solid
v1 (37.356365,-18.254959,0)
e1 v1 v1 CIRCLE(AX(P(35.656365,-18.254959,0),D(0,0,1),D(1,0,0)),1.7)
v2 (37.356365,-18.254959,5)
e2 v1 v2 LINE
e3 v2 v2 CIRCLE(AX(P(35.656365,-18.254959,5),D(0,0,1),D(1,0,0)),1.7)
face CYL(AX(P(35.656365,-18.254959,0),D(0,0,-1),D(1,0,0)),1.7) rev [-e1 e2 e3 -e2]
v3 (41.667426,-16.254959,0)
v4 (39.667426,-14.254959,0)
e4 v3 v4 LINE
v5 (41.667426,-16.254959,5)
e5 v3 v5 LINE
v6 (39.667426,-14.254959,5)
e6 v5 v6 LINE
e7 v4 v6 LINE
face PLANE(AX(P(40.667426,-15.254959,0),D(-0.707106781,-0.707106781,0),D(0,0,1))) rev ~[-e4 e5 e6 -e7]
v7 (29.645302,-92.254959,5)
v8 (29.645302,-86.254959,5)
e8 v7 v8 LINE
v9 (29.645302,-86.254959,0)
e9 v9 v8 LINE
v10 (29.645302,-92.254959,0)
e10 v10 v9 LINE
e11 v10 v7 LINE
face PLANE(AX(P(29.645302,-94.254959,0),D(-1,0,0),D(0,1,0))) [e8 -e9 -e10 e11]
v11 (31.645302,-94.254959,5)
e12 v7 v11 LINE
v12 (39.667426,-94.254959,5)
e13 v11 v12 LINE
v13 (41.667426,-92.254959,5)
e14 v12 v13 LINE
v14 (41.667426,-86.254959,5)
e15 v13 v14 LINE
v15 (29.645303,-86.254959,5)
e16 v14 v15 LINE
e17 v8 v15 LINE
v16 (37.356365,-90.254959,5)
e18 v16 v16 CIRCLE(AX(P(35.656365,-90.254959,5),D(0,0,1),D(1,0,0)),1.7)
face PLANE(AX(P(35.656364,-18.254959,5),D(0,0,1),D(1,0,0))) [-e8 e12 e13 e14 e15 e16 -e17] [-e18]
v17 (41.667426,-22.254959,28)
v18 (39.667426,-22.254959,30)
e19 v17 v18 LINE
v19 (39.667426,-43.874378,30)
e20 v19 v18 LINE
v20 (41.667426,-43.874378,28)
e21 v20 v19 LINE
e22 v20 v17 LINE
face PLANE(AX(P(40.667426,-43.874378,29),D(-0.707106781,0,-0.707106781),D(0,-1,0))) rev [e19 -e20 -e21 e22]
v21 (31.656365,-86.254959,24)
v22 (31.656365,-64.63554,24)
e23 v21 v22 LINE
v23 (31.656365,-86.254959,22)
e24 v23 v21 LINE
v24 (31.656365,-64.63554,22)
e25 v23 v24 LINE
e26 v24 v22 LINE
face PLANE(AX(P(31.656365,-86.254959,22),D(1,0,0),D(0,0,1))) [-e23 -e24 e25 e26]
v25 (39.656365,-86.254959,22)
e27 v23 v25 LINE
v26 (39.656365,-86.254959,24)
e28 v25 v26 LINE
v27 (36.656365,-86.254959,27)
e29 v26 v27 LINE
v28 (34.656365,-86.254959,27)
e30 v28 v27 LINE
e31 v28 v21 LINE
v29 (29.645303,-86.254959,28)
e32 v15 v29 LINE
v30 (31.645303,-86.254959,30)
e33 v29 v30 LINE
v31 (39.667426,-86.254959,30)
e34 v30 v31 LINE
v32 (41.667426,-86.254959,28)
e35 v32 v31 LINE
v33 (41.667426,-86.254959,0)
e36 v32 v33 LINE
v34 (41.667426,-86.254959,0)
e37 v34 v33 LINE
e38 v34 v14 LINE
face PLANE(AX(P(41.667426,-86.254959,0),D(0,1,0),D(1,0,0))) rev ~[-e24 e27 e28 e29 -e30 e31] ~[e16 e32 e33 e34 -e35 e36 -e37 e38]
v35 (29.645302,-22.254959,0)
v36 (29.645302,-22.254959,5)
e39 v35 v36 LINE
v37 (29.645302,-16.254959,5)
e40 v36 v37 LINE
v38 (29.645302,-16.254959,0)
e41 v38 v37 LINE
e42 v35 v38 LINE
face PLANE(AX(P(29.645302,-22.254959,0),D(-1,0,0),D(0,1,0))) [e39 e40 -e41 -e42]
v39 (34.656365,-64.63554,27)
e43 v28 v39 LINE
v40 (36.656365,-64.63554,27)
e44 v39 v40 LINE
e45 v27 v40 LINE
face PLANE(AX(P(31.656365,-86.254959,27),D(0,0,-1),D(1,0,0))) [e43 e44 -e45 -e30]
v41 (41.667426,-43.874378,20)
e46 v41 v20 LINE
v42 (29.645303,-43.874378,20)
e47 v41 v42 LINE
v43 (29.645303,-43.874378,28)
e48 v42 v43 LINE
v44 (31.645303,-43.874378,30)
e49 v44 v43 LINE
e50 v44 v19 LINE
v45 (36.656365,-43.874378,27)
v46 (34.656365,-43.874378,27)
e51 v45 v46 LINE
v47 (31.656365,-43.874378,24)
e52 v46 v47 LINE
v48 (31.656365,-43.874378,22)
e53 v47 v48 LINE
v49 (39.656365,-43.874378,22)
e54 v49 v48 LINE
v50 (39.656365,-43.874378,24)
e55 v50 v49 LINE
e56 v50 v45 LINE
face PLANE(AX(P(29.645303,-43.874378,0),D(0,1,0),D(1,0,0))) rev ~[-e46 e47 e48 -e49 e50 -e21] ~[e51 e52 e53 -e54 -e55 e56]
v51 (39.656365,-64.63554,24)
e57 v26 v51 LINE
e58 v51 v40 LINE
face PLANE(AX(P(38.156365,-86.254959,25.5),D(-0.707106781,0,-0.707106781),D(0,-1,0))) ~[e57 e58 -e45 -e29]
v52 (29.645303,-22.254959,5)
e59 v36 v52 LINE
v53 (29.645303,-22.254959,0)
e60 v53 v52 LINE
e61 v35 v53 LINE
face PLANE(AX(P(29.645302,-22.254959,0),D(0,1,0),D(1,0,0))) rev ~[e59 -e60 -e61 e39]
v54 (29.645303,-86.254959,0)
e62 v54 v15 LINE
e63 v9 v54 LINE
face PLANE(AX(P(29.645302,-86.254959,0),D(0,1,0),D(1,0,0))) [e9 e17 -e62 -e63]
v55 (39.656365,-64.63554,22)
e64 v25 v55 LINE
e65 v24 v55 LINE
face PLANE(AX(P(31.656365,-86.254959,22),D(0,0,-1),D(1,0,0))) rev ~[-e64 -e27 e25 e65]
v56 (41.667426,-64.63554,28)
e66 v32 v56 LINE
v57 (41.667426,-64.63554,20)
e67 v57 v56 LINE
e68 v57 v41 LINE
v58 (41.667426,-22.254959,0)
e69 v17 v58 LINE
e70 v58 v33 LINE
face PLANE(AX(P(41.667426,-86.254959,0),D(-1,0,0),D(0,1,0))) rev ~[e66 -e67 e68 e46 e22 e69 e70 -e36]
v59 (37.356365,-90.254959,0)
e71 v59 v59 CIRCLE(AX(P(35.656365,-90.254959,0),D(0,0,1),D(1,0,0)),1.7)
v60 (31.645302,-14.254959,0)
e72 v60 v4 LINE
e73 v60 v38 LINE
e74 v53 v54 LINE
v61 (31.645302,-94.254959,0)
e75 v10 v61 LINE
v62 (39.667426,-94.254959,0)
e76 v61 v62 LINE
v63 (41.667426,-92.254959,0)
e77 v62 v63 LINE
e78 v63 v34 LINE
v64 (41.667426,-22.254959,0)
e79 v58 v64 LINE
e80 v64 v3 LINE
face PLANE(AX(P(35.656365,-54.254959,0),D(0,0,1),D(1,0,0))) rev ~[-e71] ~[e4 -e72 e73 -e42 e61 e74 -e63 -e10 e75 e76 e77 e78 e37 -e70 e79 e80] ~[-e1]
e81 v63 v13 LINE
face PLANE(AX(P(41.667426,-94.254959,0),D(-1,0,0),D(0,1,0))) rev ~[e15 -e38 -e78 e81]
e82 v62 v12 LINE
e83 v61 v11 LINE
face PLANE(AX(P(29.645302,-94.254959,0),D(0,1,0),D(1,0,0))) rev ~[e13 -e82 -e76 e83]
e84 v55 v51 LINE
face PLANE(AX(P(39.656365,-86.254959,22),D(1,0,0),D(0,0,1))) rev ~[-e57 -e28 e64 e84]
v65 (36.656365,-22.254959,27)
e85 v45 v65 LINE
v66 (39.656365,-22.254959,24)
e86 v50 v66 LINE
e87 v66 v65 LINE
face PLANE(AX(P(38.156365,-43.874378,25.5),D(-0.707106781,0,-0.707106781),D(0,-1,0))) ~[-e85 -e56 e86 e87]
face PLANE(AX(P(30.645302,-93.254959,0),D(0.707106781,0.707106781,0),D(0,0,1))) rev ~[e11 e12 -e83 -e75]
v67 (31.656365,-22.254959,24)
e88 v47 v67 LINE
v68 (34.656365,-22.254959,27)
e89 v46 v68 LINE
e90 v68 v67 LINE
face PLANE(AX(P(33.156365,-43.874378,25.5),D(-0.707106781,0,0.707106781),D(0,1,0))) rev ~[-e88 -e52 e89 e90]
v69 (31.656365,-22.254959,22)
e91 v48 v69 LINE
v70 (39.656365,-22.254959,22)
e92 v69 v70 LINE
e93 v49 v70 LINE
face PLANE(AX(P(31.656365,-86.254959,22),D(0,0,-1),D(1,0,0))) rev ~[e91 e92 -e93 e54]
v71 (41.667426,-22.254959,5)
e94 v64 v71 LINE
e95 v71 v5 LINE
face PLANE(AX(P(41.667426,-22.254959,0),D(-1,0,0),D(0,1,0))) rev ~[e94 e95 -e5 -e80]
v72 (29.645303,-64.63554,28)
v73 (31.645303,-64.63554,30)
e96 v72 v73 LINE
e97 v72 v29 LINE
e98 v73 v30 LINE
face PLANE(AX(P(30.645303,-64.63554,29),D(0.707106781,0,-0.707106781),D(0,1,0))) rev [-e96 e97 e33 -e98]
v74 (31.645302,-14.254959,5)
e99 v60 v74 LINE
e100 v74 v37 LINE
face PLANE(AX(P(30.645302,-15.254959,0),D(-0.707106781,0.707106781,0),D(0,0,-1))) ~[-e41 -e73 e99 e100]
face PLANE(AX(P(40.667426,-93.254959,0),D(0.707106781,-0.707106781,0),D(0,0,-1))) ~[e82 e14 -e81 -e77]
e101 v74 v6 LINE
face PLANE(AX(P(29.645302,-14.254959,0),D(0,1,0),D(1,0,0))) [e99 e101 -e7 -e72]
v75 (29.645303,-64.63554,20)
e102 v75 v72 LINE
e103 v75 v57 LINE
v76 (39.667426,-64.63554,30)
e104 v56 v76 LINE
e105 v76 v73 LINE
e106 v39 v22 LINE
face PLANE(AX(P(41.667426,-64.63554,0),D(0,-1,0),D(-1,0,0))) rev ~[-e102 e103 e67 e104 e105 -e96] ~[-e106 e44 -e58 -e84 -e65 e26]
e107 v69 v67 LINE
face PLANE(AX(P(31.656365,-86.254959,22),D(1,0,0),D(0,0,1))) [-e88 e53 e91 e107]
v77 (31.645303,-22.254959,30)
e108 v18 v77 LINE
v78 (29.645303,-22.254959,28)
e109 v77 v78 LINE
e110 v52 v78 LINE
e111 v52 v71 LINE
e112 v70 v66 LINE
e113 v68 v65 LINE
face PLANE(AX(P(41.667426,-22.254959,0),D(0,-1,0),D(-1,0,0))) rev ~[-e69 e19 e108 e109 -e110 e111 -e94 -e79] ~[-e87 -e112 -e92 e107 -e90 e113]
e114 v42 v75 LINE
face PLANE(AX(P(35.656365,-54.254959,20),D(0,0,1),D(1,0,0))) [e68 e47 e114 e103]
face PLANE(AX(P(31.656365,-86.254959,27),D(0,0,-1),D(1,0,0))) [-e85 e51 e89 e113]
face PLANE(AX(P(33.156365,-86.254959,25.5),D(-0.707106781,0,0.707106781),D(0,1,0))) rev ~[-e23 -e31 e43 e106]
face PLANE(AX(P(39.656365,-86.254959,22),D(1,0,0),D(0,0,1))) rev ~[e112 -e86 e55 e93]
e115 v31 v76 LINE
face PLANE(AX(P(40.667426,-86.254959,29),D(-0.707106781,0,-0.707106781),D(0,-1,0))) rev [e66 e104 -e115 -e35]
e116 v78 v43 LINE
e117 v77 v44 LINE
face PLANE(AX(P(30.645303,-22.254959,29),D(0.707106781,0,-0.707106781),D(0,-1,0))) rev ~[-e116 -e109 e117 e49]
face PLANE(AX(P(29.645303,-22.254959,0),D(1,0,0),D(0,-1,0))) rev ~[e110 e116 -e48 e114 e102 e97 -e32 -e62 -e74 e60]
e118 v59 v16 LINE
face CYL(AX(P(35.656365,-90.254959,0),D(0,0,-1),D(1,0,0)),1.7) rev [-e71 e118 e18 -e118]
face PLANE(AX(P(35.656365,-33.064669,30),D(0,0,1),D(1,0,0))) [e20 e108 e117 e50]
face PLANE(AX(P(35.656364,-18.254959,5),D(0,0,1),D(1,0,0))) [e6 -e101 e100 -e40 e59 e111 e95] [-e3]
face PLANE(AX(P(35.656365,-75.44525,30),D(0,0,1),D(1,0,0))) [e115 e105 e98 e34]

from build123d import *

# Parameters (mm, degrees)
F0_W     = 12.022123
F0_H     = 8
F0_R     = 1.7
F1_DEPTH = 5
F2_DEPTH = 30
F3_DEPTH = 20
F4_W     = 8
F4_H     = 5
F5_DEPTH = 72.001
F6_SIZE  = 3
F7_SIZE  = 2


with BuildPart() as f1:
    # F0 (on Top) → F1 (new body)
    with BuildSketch(Plane.XY):
        with Locations((35.656364, -18.254959)):
            Rectangle(F0_W, F0_H)
        with Locations((35.656365, -18.254959)):
            Circle(F0_R, mode=Mode.SUBTRACT)
        Polygon((41.667426, -22.254959), (29.645303, -22.254959), (29.645303, -43.874378), (35.656365, -43.874378), (41.667426, -43.874378), align=None)
        Polygon((35.656365, -43.874378), (29.645303, -43.874378), (29.645303, -54.254959), (29.645303, -64.63554), (35.656365, -64.63554), (41.667426, -64.63554), (41.667426, -54.254959), (41.667426, -43.874378), align=None)
        Polygon((35.656365, -64.63554), (29.645303, -64.63554), (29.645303, -86.254959), (41.667426, -86.254959), (41.667426, -64.63554), align=None)
        with Locations((35.656364, -90.254959)):
            Rectangle(F0_W, F0_H)
        with Locations((35.656365, -90.254959)):
            Circle(F0_R, mode=Mode.SUBTRACT)
    extrude(amount=F1_DEPTH)

    # F0 (on Top) → F2 (join)
    with BuildSketch(Plane.XY):
        Polygon((41.667426, -22.254959), (29.645303, -22.254959), (29.645303, -43.874378), (35.656365, -43.874378), (41.667426, -43.874378), align=None)
        Polygon((35.656365, -64.63554), (29.645303, -64.63554), (29.645303, -86.254959), (41.667426, -86.254959), (41.667426, -64.63554), align=None)
    extrude(amount=F2_DEPTH)

    # F0 (on Top) → F3 (join)
    with BuildSketch(Plane.XY):
        Polygon((35.656365, -43.874378), (29.645303, -43.874378), (29.645303, -54.254959), (29.645303, -64.63554), (35.656365, -64.63554), (41.667426, -64.63554), (41.667426, -54.254959), (41.667426, -43.874378), align=None)
    extrude(amount=F3_DEPTH)

    # F4 (on face) → F5 (cut, through all)
    with BuildSketch(Plane.XZ.offset(86.254959)):
        with Locations((35.656365, 24.5)):
            Rectangle(F4_W, F4_H)
    extrude(amount=-F5_DEPTH, mode=Mode.SUBTRACT)

    # F6
    f6_edges = [f1.edges().sort_by_distance(p)[0] for p in [
        (31.656365, -75.44525, 27),
        (31.656365, -33.064669, 27),
        (39.656365, -75.44525, 27),
        (39.656365, -33.064669, 27),
    ]]
    chamfer(f6_edges, length=F6_SIZE)

    # F7
    f7_edges = [f1.edges().sort_by_distance(p)[0] for p in [
        (29.645303, -94.254959, 2.5),
        (41.667426, -94.254959, 2.5),
        (29.645303, -14.254959, 2.5),
        (41.667426, -14.254959, 2.5),
        (41.667426, -33.064669, 30),
        (29.645303, -33.064669, 30),
        (29.645303, -75.44525, 30),
        (41.667426, -75.44525, 30),
    ]]
    chamfer(f7_edges, length=F7_SIZE)


solid = f1.part
